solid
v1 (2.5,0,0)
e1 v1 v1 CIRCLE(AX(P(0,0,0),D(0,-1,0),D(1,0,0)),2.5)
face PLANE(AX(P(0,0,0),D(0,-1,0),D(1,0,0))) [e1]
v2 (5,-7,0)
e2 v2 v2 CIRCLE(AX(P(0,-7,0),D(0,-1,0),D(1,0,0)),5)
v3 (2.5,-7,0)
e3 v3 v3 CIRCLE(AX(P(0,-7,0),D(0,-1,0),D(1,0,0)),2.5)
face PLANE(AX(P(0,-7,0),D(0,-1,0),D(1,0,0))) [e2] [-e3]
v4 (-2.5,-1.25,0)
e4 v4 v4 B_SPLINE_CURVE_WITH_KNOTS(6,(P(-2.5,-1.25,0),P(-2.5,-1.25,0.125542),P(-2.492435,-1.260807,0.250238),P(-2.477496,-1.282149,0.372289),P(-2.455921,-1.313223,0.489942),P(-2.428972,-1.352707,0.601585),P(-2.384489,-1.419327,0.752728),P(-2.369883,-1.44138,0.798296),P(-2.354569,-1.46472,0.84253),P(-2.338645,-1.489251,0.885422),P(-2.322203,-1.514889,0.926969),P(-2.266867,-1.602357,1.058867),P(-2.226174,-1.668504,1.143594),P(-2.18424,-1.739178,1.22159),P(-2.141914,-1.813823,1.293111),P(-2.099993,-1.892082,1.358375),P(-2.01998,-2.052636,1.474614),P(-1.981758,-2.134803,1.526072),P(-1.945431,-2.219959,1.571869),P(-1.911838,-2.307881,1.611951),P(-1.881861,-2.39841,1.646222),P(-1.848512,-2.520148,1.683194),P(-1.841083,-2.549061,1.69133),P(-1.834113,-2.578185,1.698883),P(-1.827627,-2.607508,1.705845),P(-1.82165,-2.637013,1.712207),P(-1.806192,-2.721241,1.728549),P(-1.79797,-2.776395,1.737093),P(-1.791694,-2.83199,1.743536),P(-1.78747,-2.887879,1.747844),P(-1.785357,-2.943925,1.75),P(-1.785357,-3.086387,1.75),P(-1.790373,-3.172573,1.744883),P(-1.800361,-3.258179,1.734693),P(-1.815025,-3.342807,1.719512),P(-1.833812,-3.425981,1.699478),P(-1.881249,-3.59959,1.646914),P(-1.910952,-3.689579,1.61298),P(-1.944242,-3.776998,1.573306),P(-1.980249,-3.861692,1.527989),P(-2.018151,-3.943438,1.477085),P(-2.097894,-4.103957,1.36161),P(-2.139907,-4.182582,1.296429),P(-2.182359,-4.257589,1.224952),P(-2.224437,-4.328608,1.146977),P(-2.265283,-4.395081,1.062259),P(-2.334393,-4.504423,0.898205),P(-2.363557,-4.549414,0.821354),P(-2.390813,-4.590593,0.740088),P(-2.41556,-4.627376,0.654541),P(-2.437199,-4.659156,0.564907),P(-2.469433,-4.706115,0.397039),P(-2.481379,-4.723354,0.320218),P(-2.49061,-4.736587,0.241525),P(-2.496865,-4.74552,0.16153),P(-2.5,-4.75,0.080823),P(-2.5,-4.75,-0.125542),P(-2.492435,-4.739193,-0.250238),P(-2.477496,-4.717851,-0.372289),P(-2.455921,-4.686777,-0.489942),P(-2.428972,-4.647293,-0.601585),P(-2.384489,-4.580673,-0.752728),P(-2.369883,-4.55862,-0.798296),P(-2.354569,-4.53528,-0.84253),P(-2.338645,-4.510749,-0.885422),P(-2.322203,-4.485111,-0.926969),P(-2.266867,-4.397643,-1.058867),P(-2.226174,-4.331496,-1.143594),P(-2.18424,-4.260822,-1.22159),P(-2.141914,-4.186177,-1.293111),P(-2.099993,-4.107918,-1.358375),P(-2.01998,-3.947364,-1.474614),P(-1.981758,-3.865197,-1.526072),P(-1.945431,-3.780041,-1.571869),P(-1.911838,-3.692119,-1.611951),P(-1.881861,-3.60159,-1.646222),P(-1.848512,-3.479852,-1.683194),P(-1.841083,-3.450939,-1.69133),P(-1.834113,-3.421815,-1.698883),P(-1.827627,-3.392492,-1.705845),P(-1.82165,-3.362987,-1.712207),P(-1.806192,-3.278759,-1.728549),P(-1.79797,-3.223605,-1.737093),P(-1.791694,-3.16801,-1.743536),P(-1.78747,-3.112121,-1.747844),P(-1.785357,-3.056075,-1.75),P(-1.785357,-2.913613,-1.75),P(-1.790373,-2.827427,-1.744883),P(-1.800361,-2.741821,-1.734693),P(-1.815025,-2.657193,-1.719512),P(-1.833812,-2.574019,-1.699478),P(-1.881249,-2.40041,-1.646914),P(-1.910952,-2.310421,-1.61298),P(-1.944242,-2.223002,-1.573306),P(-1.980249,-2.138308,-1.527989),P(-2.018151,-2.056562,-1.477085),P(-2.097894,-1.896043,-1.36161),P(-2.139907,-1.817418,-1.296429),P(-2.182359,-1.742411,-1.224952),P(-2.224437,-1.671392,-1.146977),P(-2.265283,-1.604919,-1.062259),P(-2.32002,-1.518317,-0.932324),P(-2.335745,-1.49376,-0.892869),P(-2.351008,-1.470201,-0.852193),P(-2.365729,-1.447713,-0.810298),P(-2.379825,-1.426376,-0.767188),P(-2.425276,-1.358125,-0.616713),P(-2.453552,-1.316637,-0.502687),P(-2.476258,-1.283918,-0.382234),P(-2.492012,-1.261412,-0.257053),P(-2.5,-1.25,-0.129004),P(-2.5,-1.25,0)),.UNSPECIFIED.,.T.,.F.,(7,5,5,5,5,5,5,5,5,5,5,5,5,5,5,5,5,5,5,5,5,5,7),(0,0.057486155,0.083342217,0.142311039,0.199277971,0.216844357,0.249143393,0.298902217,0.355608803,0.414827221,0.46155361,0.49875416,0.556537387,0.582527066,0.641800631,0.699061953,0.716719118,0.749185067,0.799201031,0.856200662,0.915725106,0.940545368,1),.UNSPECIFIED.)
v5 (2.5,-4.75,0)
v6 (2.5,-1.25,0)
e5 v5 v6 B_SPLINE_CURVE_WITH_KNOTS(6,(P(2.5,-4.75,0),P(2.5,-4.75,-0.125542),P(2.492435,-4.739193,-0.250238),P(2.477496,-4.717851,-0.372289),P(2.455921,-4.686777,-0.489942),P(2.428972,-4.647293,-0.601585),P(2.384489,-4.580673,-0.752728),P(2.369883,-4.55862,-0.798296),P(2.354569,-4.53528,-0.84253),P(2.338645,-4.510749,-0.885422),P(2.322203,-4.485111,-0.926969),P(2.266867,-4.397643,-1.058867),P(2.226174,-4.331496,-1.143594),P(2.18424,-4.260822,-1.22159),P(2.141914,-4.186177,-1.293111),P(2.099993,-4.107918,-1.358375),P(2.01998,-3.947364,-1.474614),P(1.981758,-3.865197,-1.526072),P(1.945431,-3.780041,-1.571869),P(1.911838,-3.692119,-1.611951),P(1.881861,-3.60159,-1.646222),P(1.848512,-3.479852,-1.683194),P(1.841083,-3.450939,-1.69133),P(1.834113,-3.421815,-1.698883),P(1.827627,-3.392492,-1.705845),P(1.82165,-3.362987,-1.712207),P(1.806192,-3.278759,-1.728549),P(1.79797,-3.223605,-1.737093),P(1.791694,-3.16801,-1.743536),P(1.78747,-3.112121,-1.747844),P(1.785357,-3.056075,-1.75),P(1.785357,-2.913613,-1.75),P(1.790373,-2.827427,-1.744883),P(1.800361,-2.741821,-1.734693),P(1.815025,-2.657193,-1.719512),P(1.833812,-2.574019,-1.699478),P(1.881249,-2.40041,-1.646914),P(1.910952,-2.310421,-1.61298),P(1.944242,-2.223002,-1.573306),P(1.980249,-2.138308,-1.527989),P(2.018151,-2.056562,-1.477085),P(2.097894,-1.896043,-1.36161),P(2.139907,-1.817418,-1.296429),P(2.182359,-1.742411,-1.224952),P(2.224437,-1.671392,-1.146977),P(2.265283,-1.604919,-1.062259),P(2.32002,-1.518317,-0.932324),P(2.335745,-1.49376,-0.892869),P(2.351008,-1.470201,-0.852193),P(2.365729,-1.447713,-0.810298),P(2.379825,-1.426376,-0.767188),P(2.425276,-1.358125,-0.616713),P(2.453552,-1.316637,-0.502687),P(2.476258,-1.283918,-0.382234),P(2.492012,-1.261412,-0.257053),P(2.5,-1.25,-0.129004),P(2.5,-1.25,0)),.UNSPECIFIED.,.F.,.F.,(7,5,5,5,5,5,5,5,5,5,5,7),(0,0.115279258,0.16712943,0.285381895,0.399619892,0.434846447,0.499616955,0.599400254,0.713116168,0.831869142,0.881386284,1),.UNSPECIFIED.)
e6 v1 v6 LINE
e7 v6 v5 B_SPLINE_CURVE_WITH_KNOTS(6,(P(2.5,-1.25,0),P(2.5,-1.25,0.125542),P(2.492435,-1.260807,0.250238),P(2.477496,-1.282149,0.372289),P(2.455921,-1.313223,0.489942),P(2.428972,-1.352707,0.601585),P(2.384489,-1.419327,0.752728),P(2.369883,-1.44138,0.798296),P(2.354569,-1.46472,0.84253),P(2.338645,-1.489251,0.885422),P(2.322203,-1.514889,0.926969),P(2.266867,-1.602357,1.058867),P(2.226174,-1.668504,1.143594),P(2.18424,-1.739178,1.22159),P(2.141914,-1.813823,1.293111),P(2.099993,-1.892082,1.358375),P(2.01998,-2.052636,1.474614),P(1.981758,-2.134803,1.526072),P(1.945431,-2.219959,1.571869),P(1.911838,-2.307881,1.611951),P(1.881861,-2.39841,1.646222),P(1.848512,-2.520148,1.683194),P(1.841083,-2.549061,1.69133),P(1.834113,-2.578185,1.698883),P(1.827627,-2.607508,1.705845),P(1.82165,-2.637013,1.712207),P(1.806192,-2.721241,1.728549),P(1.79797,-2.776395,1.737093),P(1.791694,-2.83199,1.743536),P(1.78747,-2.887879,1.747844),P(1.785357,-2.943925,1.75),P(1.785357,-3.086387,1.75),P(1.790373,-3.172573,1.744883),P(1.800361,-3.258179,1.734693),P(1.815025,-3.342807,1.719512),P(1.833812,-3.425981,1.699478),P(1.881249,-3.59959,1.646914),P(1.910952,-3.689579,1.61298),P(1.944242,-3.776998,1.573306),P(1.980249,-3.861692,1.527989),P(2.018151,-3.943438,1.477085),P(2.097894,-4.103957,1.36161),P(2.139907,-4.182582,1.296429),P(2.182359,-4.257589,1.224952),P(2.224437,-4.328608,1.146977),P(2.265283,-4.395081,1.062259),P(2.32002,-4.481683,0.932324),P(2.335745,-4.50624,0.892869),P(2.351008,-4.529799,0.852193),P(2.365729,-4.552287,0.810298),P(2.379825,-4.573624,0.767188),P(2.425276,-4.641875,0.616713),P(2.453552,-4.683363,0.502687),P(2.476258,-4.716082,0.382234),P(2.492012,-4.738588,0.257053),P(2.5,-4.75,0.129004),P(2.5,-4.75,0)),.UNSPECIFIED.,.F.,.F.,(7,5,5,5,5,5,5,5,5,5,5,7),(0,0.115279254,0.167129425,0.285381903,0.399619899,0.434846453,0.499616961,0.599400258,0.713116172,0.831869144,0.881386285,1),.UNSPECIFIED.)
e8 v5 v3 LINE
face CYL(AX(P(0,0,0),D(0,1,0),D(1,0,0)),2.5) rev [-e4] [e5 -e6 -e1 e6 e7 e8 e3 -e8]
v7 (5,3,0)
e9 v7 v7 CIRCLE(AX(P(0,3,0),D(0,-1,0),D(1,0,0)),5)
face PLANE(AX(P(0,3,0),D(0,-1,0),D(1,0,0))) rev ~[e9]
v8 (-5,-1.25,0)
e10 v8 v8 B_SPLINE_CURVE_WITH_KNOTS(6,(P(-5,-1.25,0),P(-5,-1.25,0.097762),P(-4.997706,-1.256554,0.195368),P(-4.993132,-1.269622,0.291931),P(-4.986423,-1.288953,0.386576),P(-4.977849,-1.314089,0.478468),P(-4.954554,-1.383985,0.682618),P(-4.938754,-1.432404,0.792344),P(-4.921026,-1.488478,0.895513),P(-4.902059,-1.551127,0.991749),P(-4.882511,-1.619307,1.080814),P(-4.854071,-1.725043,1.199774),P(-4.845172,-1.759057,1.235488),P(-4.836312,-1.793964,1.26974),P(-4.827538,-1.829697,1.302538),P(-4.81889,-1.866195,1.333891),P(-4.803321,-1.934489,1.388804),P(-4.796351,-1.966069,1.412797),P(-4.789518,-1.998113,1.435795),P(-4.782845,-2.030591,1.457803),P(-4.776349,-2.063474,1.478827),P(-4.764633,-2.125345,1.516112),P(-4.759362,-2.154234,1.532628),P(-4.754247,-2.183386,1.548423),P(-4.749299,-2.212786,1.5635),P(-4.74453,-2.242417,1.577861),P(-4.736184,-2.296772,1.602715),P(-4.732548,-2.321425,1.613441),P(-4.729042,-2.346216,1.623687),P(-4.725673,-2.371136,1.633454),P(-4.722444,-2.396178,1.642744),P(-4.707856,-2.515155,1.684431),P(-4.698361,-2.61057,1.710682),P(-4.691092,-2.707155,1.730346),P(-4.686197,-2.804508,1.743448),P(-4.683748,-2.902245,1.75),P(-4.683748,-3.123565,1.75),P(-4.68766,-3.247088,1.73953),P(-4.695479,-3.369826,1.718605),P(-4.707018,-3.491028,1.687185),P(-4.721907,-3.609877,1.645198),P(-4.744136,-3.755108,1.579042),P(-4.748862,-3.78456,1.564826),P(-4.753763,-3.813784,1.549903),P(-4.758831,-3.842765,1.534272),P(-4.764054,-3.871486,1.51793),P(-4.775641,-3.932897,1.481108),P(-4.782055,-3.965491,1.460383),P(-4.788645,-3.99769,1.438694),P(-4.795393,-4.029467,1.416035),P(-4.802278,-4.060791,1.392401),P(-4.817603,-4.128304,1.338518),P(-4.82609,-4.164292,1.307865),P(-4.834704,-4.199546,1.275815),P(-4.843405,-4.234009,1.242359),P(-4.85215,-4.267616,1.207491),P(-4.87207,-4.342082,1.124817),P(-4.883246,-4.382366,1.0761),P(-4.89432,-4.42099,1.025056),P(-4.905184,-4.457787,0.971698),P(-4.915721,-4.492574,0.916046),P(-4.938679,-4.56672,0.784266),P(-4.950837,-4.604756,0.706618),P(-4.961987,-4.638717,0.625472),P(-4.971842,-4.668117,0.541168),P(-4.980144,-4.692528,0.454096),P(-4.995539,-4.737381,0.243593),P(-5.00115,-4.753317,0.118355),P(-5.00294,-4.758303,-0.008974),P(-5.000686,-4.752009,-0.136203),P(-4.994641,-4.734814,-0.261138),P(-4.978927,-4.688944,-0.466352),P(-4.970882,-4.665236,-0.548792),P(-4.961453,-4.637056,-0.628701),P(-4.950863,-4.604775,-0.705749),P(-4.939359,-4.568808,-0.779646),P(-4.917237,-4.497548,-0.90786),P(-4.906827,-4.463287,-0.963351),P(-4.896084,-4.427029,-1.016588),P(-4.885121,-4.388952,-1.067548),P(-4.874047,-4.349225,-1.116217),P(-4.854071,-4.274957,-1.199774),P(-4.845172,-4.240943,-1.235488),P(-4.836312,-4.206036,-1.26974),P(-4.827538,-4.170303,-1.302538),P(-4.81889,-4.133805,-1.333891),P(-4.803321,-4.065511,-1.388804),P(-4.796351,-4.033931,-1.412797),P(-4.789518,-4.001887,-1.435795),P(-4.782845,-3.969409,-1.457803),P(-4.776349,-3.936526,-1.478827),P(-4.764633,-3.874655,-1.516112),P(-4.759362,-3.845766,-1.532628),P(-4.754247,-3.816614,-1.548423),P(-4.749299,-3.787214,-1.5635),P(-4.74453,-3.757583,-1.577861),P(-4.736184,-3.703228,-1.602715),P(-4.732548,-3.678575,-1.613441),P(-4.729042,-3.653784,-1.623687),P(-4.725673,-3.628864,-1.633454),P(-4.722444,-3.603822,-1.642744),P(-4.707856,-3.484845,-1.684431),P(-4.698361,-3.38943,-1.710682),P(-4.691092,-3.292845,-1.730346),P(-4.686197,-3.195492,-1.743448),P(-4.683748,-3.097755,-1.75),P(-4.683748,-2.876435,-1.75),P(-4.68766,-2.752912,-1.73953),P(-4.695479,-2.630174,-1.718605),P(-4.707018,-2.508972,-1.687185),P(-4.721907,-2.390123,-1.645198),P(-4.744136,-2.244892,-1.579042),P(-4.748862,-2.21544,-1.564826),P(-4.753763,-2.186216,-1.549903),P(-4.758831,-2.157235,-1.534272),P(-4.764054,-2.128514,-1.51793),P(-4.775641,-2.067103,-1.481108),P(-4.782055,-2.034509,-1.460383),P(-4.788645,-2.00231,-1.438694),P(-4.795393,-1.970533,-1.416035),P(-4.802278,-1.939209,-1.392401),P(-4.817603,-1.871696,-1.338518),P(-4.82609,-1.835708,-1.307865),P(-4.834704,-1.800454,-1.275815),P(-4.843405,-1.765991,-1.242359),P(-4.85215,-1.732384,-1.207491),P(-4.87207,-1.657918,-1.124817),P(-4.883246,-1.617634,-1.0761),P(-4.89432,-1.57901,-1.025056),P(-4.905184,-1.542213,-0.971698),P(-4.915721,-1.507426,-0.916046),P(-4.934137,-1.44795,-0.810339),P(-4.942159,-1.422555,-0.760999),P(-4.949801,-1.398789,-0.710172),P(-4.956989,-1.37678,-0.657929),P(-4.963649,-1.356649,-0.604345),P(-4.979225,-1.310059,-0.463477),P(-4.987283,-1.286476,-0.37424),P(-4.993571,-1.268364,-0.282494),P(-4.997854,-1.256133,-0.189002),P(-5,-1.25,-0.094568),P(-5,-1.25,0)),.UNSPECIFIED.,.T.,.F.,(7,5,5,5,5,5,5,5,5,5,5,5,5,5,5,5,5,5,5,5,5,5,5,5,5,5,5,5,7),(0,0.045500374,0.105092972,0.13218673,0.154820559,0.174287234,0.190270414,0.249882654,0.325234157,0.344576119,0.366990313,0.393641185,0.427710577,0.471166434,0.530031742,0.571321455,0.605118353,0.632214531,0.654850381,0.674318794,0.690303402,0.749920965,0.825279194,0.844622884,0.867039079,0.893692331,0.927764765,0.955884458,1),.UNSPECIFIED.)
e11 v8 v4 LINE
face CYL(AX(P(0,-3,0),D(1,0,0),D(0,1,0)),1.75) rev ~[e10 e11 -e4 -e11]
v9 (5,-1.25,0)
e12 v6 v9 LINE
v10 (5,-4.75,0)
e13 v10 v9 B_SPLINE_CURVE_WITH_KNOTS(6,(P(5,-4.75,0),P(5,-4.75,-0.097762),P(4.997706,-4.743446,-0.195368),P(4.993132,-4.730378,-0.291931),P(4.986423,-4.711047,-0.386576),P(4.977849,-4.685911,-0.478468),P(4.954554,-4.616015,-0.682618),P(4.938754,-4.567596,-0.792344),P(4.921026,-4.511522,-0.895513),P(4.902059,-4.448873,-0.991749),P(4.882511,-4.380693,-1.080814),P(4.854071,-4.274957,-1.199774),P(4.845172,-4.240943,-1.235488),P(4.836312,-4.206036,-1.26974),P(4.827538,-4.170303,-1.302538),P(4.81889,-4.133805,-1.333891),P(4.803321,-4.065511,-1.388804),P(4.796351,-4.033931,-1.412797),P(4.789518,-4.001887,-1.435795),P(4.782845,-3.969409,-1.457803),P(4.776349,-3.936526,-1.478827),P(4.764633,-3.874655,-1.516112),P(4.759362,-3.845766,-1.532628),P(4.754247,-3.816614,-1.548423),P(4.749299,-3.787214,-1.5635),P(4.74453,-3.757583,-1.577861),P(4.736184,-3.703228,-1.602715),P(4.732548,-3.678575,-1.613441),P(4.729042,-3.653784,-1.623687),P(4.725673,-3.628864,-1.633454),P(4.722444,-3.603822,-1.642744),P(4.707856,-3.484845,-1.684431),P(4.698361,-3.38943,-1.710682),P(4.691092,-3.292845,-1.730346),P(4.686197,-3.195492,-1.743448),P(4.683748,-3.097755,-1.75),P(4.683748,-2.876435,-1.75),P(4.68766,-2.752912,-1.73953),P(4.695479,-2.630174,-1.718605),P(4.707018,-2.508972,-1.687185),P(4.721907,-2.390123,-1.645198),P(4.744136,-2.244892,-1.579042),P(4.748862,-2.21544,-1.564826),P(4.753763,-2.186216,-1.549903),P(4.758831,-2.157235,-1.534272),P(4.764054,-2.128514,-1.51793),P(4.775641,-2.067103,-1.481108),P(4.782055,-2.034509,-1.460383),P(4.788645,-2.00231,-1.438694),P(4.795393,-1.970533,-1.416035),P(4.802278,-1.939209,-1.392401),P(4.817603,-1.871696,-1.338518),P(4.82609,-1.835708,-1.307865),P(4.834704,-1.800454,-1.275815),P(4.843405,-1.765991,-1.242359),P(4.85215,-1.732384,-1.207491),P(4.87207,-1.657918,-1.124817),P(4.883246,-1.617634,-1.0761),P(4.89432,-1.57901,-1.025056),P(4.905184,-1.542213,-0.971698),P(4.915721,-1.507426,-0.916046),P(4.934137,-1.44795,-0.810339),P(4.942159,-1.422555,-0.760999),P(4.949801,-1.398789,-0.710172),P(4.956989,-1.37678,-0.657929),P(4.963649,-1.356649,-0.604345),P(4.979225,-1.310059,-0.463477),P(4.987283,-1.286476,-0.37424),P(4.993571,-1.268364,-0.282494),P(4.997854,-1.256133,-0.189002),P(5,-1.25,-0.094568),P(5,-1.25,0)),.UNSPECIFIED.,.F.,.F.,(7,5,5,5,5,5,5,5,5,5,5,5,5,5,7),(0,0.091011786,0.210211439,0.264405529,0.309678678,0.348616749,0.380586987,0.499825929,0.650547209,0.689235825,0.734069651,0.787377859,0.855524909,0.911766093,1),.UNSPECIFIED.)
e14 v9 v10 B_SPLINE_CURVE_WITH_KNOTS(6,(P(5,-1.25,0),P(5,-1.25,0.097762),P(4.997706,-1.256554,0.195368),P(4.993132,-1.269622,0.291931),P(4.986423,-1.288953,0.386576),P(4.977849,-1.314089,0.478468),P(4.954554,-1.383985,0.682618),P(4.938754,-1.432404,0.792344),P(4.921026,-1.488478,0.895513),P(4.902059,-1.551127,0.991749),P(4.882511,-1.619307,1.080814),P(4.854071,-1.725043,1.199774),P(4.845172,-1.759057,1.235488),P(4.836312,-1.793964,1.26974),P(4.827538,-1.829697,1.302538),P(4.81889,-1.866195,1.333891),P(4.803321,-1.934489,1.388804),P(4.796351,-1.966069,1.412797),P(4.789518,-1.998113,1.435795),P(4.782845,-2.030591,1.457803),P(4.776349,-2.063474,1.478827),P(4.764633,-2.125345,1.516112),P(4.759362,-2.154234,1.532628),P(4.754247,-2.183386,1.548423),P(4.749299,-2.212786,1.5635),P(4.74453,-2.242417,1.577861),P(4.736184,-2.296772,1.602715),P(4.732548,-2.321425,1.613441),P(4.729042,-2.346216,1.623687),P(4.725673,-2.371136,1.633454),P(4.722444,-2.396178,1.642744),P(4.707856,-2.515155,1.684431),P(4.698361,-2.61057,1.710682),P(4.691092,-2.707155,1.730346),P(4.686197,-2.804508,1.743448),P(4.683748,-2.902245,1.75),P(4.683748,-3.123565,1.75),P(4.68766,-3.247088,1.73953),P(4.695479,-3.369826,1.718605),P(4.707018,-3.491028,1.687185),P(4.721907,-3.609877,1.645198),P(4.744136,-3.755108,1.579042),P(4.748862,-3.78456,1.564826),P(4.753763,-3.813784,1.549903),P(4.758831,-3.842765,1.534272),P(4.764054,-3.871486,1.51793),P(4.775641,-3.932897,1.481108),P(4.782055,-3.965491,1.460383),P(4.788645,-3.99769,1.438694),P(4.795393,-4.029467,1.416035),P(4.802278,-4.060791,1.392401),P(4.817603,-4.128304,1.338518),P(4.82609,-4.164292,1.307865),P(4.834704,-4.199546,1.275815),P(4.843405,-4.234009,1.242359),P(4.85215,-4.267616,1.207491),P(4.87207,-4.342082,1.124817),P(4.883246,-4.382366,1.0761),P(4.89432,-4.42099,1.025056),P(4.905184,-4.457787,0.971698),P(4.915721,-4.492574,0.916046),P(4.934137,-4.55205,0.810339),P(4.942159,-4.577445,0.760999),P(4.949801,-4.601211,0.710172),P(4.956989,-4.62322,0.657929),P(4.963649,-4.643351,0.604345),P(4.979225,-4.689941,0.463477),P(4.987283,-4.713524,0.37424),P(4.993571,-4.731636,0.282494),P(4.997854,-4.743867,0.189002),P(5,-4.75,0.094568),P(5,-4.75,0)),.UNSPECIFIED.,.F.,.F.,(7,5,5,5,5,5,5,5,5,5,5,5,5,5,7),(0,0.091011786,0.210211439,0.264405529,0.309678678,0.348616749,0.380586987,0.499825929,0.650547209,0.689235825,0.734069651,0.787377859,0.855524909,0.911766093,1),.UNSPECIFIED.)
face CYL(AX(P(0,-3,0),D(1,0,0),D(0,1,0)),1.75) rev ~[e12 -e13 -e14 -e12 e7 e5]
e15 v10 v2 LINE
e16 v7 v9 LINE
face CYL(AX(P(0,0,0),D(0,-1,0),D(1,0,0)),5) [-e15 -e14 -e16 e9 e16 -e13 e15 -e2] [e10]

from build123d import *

# Parameters (mm, degrees)
F0_R     = 5
F0_R_2   = 2.5
F1_DEPTH = 7
F2_R     = 5
F3_DEPTH = 3
F4_R     = 1.75
F5_DEPTH = 12.5


with BuildPart() as f1:
    # F0 (on Front) → F1 (new body)
    with BuildSketch(Plane.XZ):
        Circle(F0_R)
        Circle(F0_R_2, mode=Mode.SUBTRACT)
    extrude(amount=F1_DEPTH)

    # F2 (on Front) → F3 (join)
    with BuildSketch(Plane.XZ):
        Circle(F2_R)
    extrude(amount=-F3_DEPTH)

    # F4 (on Right) → F5 (cut, symmetric)
    with BuildSketch(Plane.YZ):
        with Locations((-3, 0)):
            Circle(F4_R)
    extrude(amount=F5_DEPTH, both=True, mode=Mode.SUBTRACT)


solid = f1.part
